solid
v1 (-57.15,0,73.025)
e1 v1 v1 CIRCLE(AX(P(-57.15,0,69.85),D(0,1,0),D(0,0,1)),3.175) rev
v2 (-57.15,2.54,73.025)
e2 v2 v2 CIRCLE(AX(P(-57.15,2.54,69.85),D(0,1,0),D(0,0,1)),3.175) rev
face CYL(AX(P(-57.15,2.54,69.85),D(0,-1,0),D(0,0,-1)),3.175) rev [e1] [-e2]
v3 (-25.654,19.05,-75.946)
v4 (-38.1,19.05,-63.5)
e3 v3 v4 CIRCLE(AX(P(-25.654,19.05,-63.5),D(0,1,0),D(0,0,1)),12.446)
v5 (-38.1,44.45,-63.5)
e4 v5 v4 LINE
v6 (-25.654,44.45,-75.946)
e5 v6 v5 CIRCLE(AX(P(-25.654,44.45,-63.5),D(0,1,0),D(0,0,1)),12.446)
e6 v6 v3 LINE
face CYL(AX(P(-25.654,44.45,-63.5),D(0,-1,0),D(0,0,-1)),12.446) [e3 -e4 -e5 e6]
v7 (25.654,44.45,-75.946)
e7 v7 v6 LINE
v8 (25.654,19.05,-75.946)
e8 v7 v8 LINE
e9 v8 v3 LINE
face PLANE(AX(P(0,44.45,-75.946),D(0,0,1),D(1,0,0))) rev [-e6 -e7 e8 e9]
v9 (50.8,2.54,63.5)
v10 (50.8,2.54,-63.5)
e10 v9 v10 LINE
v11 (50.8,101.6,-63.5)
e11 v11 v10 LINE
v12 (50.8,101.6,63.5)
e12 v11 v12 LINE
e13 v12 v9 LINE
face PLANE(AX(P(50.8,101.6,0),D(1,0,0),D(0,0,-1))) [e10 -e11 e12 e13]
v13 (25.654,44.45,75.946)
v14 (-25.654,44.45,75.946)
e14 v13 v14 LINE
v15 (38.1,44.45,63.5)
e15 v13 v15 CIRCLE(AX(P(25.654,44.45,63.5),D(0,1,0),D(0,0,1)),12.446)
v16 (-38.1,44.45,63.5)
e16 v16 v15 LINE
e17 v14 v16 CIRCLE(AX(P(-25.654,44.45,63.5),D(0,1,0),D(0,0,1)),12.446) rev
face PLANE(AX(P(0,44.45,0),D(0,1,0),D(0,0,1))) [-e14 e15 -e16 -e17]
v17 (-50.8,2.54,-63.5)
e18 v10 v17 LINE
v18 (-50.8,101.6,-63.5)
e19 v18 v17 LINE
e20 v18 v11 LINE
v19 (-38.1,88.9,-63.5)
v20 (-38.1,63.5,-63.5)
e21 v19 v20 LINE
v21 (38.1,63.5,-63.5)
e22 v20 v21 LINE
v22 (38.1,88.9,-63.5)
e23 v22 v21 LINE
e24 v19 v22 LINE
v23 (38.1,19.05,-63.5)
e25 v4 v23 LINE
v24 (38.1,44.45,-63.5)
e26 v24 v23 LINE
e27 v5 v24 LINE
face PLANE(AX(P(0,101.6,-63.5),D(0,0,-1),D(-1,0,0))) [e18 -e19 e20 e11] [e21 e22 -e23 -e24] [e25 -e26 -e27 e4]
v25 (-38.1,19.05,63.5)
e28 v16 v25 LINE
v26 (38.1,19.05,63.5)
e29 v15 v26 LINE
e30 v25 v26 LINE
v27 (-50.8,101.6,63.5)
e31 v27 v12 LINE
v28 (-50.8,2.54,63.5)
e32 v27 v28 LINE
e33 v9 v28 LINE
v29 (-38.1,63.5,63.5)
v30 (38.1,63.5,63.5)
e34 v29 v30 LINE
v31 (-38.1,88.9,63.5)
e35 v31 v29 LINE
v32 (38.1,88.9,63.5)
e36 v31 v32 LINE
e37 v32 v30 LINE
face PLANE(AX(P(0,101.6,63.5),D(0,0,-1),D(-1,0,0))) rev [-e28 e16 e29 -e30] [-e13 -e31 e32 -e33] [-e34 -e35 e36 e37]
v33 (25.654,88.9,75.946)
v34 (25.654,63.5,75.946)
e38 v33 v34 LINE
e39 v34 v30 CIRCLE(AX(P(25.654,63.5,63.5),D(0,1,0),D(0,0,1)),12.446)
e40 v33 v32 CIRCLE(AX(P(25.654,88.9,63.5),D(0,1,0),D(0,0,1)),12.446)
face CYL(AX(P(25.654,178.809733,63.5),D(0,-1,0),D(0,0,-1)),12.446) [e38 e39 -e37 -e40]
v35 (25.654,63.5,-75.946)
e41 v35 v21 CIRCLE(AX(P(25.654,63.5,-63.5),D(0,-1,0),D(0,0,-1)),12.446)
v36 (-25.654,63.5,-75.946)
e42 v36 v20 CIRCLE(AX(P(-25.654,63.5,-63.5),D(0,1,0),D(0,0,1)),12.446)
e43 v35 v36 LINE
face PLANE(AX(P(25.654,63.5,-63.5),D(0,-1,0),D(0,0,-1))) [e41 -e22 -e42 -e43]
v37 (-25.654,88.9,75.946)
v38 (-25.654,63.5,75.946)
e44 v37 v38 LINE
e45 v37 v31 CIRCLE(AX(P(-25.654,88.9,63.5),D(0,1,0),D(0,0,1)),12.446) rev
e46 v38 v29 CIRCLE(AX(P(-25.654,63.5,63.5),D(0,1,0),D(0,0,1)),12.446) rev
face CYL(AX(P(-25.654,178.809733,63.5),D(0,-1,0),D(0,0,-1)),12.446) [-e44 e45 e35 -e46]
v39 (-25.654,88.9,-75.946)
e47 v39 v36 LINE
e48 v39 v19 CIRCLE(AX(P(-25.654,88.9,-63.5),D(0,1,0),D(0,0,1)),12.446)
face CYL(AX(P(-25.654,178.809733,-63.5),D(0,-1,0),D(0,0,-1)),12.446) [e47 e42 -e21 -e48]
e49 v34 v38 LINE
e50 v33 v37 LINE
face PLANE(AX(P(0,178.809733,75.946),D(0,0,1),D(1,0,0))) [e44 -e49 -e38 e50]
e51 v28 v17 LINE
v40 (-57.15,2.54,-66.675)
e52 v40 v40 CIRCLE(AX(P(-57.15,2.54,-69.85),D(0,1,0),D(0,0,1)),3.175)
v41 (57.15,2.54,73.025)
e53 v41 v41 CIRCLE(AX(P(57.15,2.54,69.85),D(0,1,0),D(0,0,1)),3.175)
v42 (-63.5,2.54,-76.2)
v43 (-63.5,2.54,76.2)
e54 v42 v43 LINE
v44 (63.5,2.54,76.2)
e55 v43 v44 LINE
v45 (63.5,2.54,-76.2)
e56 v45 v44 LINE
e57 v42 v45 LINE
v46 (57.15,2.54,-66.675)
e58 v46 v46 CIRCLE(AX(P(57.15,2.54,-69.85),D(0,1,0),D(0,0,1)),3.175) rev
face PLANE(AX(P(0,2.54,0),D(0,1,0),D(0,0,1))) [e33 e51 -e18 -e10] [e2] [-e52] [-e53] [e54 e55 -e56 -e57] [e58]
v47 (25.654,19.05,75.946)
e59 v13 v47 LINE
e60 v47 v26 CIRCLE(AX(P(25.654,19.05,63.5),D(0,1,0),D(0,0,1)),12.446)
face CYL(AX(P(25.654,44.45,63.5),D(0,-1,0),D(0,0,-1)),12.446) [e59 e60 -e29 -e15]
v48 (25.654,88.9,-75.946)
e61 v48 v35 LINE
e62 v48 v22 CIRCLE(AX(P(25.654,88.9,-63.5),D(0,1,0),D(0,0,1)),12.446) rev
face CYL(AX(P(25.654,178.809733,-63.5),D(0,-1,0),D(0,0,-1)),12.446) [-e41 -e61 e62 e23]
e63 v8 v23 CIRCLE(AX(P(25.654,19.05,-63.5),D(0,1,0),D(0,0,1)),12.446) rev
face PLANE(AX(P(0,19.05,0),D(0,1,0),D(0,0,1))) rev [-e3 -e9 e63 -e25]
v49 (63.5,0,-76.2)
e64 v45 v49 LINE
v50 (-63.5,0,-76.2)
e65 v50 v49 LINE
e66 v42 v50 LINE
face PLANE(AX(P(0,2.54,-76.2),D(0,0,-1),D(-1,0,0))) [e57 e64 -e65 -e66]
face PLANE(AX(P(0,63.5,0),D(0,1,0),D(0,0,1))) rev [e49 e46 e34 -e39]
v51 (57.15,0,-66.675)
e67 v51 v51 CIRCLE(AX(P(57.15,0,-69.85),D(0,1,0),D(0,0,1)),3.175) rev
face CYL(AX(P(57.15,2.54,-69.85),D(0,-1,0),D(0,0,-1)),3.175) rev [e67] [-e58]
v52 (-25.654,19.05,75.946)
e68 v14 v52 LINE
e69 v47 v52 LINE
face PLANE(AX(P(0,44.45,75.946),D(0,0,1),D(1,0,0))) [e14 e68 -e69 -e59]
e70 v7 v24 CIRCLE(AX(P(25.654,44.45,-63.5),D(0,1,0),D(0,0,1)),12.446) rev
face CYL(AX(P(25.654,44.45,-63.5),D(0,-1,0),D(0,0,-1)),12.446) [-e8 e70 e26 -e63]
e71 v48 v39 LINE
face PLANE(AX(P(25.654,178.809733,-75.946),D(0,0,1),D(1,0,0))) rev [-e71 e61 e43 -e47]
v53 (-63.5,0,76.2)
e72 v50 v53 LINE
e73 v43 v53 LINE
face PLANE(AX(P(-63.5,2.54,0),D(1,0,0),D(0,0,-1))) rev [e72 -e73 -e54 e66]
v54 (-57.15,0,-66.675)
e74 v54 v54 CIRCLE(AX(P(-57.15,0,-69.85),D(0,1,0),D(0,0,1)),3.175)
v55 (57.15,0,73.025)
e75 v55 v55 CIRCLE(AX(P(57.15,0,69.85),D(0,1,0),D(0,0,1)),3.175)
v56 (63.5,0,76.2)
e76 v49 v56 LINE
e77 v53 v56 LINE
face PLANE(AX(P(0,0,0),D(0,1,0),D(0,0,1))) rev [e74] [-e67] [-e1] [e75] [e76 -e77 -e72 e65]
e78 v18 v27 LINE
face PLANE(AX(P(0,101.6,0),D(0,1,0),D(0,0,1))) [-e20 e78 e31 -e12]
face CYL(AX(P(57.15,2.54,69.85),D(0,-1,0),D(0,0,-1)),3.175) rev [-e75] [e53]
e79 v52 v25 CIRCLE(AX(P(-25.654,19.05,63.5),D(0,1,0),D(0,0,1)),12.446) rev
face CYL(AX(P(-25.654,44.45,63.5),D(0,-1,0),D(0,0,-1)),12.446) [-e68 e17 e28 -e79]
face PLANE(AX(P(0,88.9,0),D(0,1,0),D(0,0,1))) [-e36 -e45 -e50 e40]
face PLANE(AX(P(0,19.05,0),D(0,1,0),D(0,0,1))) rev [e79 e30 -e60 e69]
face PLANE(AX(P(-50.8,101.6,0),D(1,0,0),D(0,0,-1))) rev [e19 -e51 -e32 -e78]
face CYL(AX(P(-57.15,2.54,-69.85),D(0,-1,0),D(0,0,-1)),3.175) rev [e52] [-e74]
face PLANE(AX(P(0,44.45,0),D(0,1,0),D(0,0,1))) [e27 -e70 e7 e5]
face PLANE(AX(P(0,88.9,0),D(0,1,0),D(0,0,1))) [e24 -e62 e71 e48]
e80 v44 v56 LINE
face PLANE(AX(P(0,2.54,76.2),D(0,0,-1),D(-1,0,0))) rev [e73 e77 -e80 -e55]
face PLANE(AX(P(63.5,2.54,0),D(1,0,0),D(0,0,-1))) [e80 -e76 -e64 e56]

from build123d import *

# Parameters (mm, degrees)
SKETCH1_W           = 127
SKETCH1_H           = 152.4
SKETCH1_R           = 3.175
SKETCH1_W_2         = 101.6
SKETCH1_H_2         = 127
BOSS_EXTRUDE1_DEPTH = 2.54
SKETCH1_4_W         = 101.6
SKETCH1_4_H         = 127
BOSS_EXTRUDE2_DEPTH = 101.6
BOSS_EXTRUDE3_START = 63.5
BOSS_EXTRUDE3_DEPTH = 25.4
BOSS_EXTRUDE4_START = 19.05
BOSS_EXTRUDE4_DEPTH = 25.4


with BuildPart() as part:
    # Sketch1 → Boss-Extrude1 (new body)
    with BuildSketch(Plane(origin=(0, 0, 0), x_dir=(1, 0, 0), z_dir=(0, 1, 0))):
        Rectangle(SKETCH1_W, SKETCH1_H)
        with Locations((-57.15, -69.85)):
            Circle(SKETCH1_R, mode=Mode.SUBTRACT)
        with Locations((57.15, -69.85)):
            Circle(SKETCH1_R, mode=Mode.SUBTRACT)
        with BuildLine():
            Line((-50.8, -63.5), (-50.8, 63.5))
            Line((-50.8, 63.5), (-38.1, 63.5))
            ThreePointArc((-38.1, 63.5), (-34.454650999, 72.300650999), (-25.654, 75.946))
            Line((-25.654, 75.946), (25.654, 75.946))
            ThreePointArc((25.654, 75.946), (34.454650999, 72.300650999), (38.1, 63.5))
            Line((38.1, 63.5), (50.8, 63.5))
            Line((50.8, 63.5), (50.8, -63.5))
            Line((50.8, -63.5), (38.1, -63.5))
            ThreePointArc((38.1, -63.5), (34.454650999, -72.300650999), (25.654, -75.946))
            Line((25.654, -75.946), (-25.654, -75.946))
            ThreePointArc((-25.654, -75.946), (-34.454650999, -72.300650999), (-38.1, -63.5))
            Line((-38.1, -63.5), (-50.8, -63.5))
        make_face(mode=Mode.SUBTRACT)
        with Locations((-57.15, 69.85)):
            Circle(SKETCH1_R, mode=Mode.SUBTRACT)
        with Locations((57.15, 69.85)):
            Circle(SKETCH1_R, mode=Mode.SUBTRACT)
        with BuildLine():
            Line((38.1, -63.5), (-38.1, -63.5))
            ThreePointArc((-38.1, -63.5), (-34.454650999, -72.300650999), (-25.654, -75.946))
            Line((-25.654, -75.946), (25.654, -75.946))
            ThreePointArc((25.654, -75.946), (34.454650999, -72.300650999), (38.1, -63.5))
        make_face()
        Rectangle(SKETCH1_W_2, SKETCH1_H_2)
        with BuildLine():
            ThreePointArc((-25.654, 75.946), (-34.454650999, 72.300650999), (-38.1, 63.5))
            Line((-38.1, 63.5), (38.1, 63.5))
            ThreePointArc((38.1, 63.5), (34.454650999, 72.300650999), (25.654, 75.946))
            Line((25.654, 75.946), (-25.654, 75.946))
        make_face()
    extrude(amount=BOSS_EXTRUDE1_DEPTH)

    # Sketch1<4> → Boss-Extrude2 (add)
    with BuildSketch(Plane(origin=(0, 0, 0), x_dir=(1, 0, 0), z_dir=(0, 1, 0))):
        Rectangle(SKETCH1_4_W, SKETCH1_4_H)
    extrude(amount=BOSS_EXTRUDE2_DEPTH)

    # Sketch1<5> → Boss-Extrude3 (add)
    with BuildSketch(Plane(origin=(0, 0, 0), x_dir=(1, 0, 0), z_dir=(0, 1, 0)).offset(BOSS_EXTRUDE3_START)):
        with BuildLine():
            Line((38.1, -63.5), (-38.1, -63.5))
            ThreePointArc((-38.1, -63.5), (-34.454650999, -72.300650999), (-25.654, -75.946))
            Line((-25.654, -75.946), (25.654, -75.946))
            ThreePointArc((25.654, -75.946), (34.454650999, -72.300650999), (38.1, -63.5))
        make_face()
        with BuildLine():
            Line((25.654, 75.946), (-25.654, 75.946))
            ThreePointArc((-25.654, 75.946), (-34.454650999, 72.300650999), (-38.1, 63.5))
            Line((-38.1, 63.5), (38.1, 63.5))
            ThreePointArc((38.1, 63.5), (34.454650999, 72.300650999), (25.654, 75.946))
        make_face()
    extrude(amount=BOSS_EXTRUDE3_DEPTH)

    # Sketch1<6> → Boss-Extrude4 (add)
    with BuildSketch(Plane(origin=(0, 0, 0), x_dir=(1, 0, 0), z_dir=(0, 1, 0)).offset(BOSS_EXTRUDE4_START)):
        with BuildLine():
            Line((38.1, -63.5), (-38.1, -63.5))
            ThreePointArc((-38.1, -63.5), (-34.454650999, -72.300650999), (-25.654, -75.946))
            Line((-25.654, -75.946), (25.654, -75.946))
            ThreePointArc((25.654, -75.946), (34.454650999, -72.300650999), (38.1, -63.5))
        make_face()
        with BuildLine():
            ThreePointArc((-25.654, 75.946), (-34.454650999, 72.300650999), (-38.1, 63.5))
            Line((-38.1, 63.5), (38.1, 63.5))
            ThreePointArc((38.1, 63.5), (34.454650999, 72.300650999), (25.654, 75.946))
            Line((25.654, 75.946), (-25.654, 75.946))
        make_face()
    extrude(amount=BOSS_EXTRUDE4_DEPTH)


solid = part.part
